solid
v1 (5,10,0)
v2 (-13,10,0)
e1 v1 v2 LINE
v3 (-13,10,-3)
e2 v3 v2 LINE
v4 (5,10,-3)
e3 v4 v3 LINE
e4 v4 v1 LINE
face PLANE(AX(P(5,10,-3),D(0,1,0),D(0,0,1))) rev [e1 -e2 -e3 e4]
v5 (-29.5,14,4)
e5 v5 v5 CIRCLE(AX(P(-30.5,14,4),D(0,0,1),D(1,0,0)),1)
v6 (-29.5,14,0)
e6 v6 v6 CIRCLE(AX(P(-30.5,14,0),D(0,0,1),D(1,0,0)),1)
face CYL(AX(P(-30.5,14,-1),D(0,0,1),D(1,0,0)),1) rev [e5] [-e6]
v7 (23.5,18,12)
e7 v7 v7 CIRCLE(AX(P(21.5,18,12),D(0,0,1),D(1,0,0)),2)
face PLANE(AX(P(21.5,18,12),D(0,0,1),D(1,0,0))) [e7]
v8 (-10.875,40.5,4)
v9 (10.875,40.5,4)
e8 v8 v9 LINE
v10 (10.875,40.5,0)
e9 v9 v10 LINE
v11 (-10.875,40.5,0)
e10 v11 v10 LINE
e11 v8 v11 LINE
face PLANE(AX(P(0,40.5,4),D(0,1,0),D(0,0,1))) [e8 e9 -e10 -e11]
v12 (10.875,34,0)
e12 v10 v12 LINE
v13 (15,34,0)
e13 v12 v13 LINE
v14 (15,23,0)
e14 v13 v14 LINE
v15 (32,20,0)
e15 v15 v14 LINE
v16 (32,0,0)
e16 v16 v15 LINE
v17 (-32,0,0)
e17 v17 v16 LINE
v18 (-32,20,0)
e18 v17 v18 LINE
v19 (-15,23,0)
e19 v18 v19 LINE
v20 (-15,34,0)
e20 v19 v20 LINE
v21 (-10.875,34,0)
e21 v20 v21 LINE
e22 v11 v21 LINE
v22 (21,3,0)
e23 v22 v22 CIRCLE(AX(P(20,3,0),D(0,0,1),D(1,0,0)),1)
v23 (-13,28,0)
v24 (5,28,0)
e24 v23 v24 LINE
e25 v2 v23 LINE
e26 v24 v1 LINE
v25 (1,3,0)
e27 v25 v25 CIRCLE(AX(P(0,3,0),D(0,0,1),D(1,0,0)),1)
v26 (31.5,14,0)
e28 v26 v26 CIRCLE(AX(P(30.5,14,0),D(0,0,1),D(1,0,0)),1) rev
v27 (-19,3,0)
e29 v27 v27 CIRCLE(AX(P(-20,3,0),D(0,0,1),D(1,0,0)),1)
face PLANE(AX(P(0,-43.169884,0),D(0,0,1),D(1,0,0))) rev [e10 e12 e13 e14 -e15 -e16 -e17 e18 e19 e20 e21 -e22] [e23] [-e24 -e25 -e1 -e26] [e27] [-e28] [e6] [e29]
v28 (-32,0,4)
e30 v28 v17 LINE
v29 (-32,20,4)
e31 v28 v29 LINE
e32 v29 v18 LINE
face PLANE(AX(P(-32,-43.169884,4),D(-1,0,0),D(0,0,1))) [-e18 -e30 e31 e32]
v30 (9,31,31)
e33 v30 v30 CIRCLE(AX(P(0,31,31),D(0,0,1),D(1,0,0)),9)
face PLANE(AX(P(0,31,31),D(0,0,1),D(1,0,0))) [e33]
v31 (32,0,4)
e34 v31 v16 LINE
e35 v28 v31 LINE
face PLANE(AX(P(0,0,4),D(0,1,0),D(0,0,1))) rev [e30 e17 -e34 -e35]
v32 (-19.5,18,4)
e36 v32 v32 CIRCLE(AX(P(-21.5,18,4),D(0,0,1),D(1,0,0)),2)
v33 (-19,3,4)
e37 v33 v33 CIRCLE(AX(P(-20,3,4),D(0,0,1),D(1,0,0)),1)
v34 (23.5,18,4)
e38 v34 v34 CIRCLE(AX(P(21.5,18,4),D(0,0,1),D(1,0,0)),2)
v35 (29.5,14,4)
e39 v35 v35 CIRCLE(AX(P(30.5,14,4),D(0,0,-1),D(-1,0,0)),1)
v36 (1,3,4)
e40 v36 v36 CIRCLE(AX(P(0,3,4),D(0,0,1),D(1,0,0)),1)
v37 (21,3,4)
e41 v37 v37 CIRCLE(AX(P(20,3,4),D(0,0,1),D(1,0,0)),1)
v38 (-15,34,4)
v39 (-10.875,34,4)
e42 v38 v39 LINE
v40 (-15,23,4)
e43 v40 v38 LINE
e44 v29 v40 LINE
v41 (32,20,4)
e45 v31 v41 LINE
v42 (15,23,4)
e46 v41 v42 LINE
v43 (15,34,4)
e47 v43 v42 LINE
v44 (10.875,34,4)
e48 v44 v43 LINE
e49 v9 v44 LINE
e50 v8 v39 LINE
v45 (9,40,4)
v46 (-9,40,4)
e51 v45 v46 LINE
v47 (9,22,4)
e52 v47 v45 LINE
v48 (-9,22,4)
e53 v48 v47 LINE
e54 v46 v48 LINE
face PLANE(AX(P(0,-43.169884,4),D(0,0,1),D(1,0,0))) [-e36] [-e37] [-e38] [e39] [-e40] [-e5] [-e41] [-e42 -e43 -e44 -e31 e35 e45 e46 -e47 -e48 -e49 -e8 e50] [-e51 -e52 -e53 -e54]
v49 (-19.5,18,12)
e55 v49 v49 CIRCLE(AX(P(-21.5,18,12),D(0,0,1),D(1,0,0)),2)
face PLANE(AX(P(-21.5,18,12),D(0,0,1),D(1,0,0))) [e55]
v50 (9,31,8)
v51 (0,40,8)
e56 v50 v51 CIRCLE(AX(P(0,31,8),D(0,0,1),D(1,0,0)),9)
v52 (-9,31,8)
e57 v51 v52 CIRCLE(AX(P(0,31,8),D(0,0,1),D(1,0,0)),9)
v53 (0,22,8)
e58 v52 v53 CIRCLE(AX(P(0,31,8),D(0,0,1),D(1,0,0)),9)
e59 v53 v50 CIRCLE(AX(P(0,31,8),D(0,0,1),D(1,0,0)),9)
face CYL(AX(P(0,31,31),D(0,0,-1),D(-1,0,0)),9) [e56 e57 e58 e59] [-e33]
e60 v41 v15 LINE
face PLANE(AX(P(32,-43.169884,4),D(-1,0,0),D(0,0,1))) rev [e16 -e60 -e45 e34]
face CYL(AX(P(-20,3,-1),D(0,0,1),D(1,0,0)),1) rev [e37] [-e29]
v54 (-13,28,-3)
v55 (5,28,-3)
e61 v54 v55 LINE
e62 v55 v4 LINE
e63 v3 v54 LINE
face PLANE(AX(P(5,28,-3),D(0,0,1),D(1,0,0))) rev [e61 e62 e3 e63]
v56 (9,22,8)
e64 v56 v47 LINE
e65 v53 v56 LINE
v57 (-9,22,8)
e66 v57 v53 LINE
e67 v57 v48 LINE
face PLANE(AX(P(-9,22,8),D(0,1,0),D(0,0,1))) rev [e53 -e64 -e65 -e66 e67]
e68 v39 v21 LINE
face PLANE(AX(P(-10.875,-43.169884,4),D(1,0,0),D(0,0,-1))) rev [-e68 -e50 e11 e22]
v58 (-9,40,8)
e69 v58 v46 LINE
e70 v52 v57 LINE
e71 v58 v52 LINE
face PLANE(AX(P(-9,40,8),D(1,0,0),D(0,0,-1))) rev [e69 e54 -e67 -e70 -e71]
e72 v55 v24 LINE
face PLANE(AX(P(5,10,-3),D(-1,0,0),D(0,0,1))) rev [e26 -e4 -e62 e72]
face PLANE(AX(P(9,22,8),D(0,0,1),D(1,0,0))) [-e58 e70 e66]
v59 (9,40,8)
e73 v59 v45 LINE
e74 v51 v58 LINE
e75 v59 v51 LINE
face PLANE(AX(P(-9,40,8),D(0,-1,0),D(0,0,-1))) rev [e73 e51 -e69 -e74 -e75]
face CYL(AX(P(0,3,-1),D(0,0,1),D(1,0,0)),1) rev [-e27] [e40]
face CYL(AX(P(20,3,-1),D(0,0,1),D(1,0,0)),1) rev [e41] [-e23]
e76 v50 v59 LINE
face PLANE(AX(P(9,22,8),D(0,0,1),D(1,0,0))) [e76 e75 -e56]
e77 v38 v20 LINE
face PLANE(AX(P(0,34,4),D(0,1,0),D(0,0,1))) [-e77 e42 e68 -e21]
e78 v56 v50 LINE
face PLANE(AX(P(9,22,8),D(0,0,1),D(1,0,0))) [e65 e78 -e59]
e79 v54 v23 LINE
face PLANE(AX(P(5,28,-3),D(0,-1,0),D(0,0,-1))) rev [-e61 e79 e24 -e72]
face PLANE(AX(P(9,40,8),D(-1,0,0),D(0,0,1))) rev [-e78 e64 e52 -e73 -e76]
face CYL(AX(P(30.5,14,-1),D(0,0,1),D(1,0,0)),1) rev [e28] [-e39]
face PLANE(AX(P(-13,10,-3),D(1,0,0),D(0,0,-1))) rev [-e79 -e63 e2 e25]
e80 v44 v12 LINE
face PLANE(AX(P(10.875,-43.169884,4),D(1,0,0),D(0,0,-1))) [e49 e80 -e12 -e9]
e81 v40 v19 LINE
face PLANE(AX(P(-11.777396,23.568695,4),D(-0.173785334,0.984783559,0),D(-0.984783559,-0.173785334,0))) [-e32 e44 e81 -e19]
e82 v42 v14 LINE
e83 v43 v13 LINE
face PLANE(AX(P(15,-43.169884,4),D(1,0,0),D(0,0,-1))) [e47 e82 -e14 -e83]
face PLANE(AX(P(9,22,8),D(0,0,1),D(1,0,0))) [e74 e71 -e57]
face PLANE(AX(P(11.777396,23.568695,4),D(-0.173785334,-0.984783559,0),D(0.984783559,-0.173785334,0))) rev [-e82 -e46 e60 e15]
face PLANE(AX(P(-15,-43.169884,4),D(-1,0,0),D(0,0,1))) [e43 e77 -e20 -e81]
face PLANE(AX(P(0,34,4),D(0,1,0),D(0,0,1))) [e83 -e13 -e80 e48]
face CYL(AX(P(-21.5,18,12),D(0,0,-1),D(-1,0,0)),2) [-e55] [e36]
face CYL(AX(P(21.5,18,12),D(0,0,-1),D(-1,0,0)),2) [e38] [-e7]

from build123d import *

# Parameters (mm, degrees)
SKETCH1_W           = 30
SKETCH1_H           = 11
SKETCH1_W_2         = 21.75
SKETCH1_H_2         = 6.5
BOSS_EXTRUDE1_DEPTH = 4
SKETCH2_R           = 1
CUT_EXTRUDE1_DEPTH  = 5
SKETCH3_R           = 9
BOSS_EXTRUDE2_DEPTH = 27
SKETCH5_W           = 18
SKETCH5_H           = 18
BOSS_EXTRUDE3_DEPTH = 3
SKETCH6_R           = 2
BOSS_EXTRUDE4_DEPTH = 8
SKETCH7_W           = 18
SKETCH7_H           = 18
BOSS_EXTRUDE5_DEPTH = 4


with BuildPart() as part:
    # Sketch1 → Boss-Extrude1 (new body)
    with BuildSketch(Plane.XY):
        Polygon((32, 0), (32, 20), (15, 23), (-15, 23), (-32, 20), (-32, 0), align=None)
        with Locations((0, 28.5)):
            Rectangle(SKETCH1_W, SKETCH1_H)
        with Locations((0, 37.25)):
            Rectangle(SKETCH1_W_2, SKETCH1_H_2)
    extrude(amount=BOSS_EXTRUDE1_DEPTH)

    # Sketch2 → Cut-Extrude1 (cut)
    with BuildSketch(Plane.XY.offset(4)):
        with Locations((20, 3)):
            Circle(SKETCH2_R)
        with Locations((0, 3)):
            Circle(SKETCH2_R)
        with Locations((-20, 3)):
            Circle(SKETCH2_R)
        with Locations((-30.5, 14)):
            Circle(SKETCH2_R)
        with Locations((30.5, 14)):
            Circle(SKETCH2_R)
    extrude(amount=-CUT_EXTRUDE1_DEPTH, mode=Mode.SUBTRACT)

    # Sketch3 → Boss-Extrude2 (add)
    with BuildSketch(Plane.XY.offset(4)):
        with Locations((0, 31)):
            Circle(SKETCH3_R)
    extrude(amount=BOSS_EXTRUDE2_DEPTH)

    # Sketch5 → Boss-Extrude3 (add)
    with BuildSketch(Plane(origin=(0, 0, 0), x_dir=(-1, 0, 0), z_dir=(0, 0, -1))):
        with Locations((4, 19)):
            Rectangle(SKETCH5_W, SKETCH5_H)
    extrude(amount=BOSS_EXTRUDE3_DEPTH)

    # Sketch6 → Boss-Extrude4 (add)
    with BuildSketch(Plane.XY.offset(4)):
        with Locations((21.5, 18)):
            Circle(SKETCH6_R)
        with Locations((-21.5, 18)):
            Circle(SKETCH6_R)
    extrude(amount=BOSS_EXTRUDE4_DEPTH)

    # Sketch7 → Boss-Extrude5 (add)
    with BuildSketch(Plane.XY.offset(4)):
        with Locations((0, 31)):
            Rectangle(SKETCH7_W, SKETCH7_H)
    extrude(amount=BOSS_EXTRUDE5_DEPTH)


solid = part.part
